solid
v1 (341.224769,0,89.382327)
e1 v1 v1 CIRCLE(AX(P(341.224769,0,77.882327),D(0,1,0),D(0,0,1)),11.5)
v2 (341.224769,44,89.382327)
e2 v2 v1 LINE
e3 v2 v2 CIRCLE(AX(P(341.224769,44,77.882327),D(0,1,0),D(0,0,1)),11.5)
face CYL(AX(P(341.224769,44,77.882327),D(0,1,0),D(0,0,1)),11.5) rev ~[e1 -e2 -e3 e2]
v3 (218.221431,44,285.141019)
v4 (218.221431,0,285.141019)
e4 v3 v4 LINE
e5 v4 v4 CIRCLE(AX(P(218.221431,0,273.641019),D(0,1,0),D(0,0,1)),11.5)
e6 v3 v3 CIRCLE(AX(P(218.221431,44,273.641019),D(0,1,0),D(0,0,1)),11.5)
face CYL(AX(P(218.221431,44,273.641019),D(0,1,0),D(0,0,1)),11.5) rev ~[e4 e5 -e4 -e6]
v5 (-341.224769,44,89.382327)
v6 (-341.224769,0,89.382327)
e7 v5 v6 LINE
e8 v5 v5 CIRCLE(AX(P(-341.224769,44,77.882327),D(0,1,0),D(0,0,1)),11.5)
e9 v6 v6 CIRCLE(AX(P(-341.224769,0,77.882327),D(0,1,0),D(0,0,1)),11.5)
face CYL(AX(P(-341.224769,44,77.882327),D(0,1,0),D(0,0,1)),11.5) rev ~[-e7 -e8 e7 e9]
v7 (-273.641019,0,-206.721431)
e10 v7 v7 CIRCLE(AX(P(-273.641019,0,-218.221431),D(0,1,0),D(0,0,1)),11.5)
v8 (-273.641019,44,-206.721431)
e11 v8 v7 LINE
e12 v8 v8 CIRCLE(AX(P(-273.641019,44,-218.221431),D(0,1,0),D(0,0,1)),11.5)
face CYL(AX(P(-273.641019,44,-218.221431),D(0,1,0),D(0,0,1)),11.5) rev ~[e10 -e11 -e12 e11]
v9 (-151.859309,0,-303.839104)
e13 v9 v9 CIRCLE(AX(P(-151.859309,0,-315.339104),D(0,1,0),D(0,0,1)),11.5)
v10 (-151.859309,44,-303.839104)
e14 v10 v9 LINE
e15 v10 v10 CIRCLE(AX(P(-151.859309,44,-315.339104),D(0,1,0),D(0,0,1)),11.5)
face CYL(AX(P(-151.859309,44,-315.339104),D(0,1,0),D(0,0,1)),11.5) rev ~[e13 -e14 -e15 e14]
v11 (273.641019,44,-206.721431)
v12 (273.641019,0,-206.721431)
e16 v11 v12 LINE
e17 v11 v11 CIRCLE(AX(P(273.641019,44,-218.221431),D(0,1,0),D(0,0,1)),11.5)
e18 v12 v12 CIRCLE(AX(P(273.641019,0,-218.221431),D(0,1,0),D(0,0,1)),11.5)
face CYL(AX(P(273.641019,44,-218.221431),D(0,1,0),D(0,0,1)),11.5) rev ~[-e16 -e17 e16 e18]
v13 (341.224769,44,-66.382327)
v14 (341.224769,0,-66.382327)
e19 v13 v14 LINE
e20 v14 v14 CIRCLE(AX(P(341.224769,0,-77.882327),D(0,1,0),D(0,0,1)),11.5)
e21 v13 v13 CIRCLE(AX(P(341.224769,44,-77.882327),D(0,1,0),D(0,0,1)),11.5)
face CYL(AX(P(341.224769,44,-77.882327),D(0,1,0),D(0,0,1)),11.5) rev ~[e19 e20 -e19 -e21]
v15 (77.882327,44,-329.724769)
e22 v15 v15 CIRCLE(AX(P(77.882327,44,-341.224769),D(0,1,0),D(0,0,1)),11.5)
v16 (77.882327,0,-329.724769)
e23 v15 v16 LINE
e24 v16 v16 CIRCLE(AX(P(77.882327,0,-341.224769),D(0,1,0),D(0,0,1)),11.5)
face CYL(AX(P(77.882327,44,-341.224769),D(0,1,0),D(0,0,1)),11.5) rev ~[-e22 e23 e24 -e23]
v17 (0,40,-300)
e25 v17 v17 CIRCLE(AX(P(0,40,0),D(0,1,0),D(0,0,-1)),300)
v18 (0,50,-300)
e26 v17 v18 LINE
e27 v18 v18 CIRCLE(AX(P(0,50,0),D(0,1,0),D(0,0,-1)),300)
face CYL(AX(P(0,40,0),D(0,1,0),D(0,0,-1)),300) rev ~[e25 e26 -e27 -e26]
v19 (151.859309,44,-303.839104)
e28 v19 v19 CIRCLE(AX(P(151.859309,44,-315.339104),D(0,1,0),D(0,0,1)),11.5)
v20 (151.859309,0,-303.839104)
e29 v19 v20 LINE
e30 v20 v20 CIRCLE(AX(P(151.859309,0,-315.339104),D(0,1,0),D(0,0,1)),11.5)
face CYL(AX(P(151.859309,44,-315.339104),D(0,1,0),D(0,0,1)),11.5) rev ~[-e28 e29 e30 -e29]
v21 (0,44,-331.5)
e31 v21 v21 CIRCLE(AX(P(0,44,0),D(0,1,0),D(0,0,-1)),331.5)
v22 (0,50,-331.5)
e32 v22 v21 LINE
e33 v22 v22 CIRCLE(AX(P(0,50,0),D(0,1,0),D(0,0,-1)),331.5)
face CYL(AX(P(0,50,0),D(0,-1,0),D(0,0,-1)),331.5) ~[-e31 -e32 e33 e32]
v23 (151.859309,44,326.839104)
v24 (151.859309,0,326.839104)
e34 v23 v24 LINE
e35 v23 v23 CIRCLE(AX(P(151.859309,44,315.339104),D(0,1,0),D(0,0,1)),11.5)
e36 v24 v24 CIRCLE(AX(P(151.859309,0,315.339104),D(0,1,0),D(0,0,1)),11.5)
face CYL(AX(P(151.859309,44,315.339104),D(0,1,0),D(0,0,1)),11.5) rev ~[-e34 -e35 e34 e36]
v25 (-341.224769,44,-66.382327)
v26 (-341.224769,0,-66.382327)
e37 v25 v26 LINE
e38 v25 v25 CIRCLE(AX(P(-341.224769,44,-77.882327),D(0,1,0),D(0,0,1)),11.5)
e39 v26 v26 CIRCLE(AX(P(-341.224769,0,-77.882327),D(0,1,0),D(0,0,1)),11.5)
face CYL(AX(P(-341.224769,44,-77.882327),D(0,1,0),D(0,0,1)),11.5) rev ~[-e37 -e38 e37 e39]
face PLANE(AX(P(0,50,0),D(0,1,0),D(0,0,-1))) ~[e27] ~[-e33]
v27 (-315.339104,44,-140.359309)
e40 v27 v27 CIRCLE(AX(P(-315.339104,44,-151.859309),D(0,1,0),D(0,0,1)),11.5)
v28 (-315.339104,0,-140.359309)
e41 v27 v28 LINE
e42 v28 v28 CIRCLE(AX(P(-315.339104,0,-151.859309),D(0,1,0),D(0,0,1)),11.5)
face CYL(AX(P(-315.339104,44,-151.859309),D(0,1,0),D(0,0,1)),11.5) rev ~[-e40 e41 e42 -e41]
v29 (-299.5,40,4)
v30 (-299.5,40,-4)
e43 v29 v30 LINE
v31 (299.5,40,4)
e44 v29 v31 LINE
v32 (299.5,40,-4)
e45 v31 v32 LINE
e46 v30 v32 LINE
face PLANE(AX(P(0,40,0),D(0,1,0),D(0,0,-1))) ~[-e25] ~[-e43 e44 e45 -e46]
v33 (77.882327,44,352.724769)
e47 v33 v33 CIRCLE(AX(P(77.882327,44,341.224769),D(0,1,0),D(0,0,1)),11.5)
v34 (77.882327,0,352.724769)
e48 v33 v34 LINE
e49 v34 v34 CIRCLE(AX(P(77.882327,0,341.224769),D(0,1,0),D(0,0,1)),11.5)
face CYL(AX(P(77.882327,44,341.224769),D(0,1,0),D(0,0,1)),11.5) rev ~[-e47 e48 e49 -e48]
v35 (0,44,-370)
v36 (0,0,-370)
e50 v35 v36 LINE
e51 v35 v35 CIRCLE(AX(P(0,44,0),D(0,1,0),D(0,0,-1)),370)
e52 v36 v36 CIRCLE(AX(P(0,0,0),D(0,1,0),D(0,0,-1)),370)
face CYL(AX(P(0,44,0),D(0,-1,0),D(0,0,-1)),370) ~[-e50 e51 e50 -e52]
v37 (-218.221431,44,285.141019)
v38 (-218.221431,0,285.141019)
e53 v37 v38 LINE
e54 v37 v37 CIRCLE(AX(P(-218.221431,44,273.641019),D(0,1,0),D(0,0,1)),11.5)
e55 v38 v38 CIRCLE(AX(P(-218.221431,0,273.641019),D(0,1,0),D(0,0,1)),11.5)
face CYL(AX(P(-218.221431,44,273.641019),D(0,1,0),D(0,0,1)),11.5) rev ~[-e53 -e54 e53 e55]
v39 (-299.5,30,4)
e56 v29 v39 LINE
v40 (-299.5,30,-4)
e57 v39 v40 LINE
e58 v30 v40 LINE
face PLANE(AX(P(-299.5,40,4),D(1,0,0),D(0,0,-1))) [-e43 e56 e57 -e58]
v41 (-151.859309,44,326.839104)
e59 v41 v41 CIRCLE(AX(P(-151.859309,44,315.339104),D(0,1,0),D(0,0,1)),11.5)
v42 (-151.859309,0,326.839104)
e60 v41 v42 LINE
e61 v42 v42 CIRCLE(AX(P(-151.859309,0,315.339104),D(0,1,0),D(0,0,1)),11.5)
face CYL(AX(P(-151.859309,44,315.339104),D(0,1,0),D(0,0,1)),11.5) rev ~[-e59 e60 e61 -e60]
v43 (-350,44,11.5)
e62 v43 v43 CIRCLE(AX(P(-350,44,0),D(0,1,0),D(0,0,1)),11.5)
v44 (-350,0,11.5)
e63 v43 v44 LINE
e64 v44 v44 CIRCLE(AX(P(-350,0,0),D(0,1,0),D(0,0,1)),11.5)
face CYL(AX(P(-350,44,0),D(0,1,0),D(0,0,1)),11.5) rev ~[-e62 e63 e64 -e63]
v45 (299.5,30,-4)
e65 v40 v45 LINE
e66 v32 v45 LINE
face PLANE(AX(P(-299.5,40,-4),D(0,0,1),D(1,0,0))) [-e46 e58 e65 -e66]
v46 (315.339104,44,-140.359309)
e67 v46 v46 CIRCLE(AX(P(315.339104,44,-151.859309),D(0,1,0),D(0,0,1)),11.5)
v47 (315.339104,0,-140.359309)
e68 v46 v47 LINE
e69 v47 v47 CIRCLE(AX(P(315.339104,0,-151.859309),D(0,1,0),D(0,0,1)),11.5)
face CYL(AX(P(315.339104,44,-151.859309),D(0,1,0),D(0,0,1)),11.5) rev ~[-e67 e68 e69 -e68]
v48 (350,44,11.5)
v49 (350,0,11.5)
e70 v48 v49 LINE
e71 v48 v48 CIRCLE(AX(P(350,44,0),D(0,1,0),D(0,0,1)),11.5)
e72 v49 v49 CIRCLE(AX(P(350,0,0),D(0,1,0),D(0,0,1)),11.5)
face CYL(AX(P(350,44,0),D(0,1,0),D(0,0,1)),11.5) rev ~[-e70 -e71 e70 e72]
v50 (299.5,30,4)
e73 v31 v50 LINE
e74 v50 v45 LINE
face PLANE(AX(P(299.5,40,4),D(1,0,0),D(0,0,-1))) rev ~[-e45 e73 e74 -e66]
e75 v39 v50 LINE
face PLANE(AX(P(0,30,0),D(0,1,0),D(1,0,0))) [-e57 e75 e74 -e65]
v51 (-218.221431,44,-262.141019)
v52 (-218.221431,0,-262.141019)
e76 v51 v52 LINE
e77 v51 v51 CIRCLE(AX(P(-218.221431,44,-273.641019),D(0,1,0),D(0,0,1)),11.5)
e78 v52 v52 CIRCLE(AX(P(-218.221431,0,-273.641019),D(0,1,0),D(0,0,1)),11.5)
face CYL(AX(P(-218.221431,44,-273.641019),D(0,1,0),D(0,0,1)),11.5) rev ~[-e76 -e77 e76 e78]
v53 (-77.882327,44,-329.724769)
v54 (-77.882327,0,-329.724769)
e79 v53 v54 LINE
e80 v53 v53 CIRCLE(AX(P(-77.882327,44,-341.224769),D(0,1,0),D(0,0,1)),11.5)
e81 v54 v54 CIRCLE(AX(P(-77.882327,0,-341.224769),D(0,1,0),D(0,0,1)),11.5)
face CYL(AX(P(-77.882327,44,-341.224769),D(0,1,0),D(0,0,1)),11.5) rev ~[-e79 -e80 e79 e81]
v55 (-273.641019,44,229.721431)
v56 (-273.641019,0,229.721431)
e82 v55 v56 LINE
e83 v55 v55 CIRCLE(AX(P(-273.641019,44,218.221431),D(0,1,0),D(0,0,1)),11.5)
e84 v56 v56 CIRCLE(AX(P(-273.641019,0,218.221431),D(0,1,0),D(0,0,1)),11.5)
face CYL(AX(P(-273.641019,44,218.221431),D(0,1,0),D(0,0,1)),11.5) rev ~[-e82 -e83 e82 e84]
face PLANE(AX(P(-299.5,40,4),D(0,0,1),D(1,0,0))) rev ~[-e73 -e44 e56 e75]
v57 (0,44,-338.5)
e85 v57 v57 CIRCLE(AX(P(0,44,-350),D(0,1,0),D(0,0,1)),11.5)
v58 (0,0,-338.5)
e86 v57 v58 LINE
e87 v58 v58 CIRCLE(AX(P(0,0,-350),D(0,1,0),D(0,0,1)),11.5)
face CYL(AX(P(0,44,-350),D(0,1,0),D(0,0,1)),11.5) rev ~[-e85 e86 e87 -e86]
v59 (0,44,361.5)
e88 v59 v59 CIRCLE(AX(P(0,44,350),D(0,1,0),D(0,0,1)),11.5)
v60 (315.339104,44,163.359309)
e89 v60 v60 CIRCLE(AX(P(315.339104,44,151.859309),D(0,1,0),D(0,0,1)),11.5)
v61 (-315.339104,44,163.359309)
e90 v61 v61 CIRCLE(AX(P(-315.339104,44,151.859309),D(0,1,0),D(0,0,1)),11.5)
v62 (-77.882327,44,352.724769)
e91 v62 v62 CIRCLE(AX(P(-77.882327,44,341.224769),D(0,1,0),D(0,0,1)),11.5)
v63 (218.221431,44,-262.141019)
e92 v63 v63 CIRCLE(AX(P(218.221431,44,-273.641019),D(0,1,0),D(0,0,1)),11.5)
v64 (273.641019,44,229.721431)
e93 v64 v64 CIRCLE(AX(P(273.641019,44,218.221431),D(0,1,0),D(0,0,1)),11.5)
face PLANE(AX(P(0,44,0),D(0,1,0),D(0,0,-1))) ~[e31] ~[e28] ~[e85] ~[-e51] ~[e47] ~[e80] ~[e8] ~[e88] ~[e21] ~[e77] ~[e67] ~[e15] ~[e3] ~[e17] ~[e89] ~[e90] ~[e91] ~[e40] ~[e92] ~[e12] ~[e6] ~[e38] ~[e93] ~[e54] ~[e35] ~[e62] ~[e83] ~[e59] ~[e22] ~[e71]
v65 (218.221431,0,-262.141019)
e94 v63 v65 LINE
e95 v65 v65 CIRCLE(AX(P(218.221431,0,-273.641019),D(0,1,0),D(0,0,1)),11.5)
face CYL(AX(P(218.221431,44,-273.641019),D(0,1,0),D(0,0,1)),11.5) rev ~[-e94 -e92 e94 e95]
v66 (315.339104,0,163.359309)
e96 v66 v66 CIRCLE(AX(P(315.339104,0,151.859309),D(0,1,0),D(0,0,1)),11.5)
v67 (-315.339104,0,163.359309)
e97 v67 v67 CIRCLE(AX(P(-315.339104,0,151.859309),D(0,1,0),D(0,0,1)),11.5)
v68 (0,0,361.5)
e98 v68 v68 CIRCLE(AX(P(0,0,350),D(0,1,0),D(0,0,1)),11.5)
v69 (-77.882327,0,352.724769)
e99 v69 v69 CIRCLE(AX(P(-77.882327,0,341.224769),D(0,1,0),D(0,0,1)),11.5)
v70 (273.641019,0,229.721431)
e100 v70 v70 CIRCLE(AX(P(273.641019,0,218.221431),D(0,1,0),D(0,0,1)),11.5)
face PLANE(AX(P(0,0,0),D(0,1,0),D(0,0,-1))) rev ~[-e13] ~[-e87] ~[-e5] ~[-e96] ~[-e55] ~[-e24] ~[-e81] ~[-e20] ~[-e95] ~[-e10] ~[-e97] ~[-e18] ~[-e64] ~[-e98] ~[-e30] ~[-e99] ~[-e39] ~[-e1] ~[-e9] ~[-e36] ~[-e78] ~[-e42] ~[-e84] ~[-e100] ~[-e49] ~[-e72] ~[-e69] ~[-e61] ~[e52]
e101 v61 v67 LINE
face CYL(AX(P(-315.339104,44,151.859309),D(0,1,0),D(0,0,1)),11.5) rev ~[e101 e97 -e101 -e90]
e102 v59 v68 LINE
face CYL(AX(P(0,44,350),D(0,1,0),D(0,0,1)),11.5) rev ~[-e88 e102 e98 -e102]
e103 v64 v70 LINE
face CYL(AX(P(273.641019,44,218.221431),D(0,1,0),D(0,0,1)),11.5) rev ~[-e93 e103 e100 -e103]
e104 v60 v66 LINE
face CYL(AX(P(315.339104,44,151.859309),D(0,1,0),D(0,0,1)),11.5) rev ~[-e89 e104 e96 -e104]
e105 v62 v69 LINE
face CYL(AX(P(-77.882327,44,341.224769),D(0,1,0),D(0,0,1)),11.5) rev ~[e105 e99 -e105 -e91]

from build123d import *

# Parameters (mm, degrees)
SKETCH_2_R          = 11.5
CUT_EXTRUDE_1_DEPTH = 526.105703645
SKETCH_3_W          = 599
SKETCH_3_H          = 8
CUT_EXTRUDE_2_DEPTH = 10


with BuildPart() as part:
    # Эскиз1 → Повернуть1 (revolve)
    with BuildSketch(Plane.XY, mode=Mode.PRIVATE) as revolve_1_sk:
        Polygon((-300, 50), (-331.5, 50), (-331.5, 44), (-370, 44), (-370, 0), (0, 0), (0, 40), (-300, 40), align=None)
    revolve(revolve_1_sk.sketch.rotate(Axis((0, 0, 0), (0, 1, 0)), 270), axis=Axis((0, 0, 0), (0, 1, 0)))

    # Эскиз2 → Вырез-Вытянуть1 (cut, through all)
    with BuildSketch(Plane(origin=(0, 44, 0), x_dir=(1, 0, 0), z_dir=(0, 1, 0))):
        with Locations(Location((0, 350, 0), (0, 0, 270))):
            Circle(SKETCH_2_R)
        with Locations(Location((77.882326885, 341.224769264, 0), (0, 0, 270))):
            Circle(SKETCH_2_R)
        with Locations(Location((151.859308691, 315.339103766, 0), (0, 0, 270))):
            Circle(SKETCH_2_R)
        with Locations(Location((218.221430651, 273.641018864, 0), (0, 0, 270))):
            Circle(SKETCH_2_R)
        with Locations(Location((273.641018864, 218.221430651, 0), (0, 0, 270))):
            Circle(SKETCH_2_R)
        with Locations(Location((315.339103766, 151.859308691, 0), (0, 0, 270))):
            Circle(SKETCH_2_R)
        with Locations(Location((341.224769264, 77.882326885, 0), (0, 0, 270))):
            Circle(SKETCH_2_R)
        with Locations(Location((350, 0, 0), (0, 0, 270))):
            Circle(SKETCH_2_R)
        with Locations(Location((341.224769264, -77.882326885, 0), (0, 0, 270))):
            Circle(SKETCH_2_R)
        with Locations(Location((315.339103766, -151.859308691, 0), (0, 0, 270))):
            Circle(SKETCH_2_R)
        with Locations(Location((273.641018864, -218.221430651, 0), (0, 0, 270))):
            Circle(SKETCH_2_R)
        with Locations(Location((218.221430651, -273.641018864, 0), (0, 0, 270))):
            Circle(SKETCH_2_R)
        with Locations(Location((151.859308691, -315.339103766, 0), (0, 0, 270))):
            Circle(SKETCH_2_R)
        with Locations(Location((77.882326885, -341.224769264, 0), (0, 0, 270))):
            Circle(SKETCH_2_R)
        with Locations(Location((0, -350, 0), (0, 0, 270))):
            Circle(SKETCH_2_R)
        with Locations(Location((-77.882326885, -341.224769264, 0), (0, 0, 270))):
            Circle(SKETCH_2_R)
        with Locations(Location((-151.859308691, -315.339103766, 0), (0, 0, 270))):
            Circle(SKETCH_2_R)
        with Locations(Location((-218.221430651, -273.641018864, 0), (0, 0, 270))):
            Circle(SKETCH_2_R)
        with Locations(Location((-273.641018864, -218.221430651, 0), (0, 0, 270))):
            Circle(SKETCH_2_R)
        with Locations(Location((-315.339103766, -151.859308691, 0), (0, 0, 270))):
            Circle(SKETCH_2_R)
        with Locations(Location((-341.224769264, -77.882326885, 0), (0, 0, 270))):
            Circle(SKETCH_2_R)
        with Locations(Location((-350, 0, 0), (0, 0, 270))):
            Circle(SKETCH_2_R)
        with Locations(Location((-341.224769264, 77.882326885, 0), (0, 0, 270))):
            Circle(SKETCH_2_R)
        with Locations(Location((-315.339103766, 151.859308691, 0), (0, 0, 270))):
            Circle(SKETCH_2_R)
        with Locations(Location((-273.641018864, 218.221430651, 0), (0, 0, 270))):
            Circle(SKETCH_2_R)
        with Locations(Location((-218.221430651, 273.641018864, 0), (0, 0, 270))):
            Circle(SKETCH_2_R)
        with Locations(Location((-151.859308691, 315.339103766, 0), (0, 0, 270))):
            Circle(SKETCH_2_R)
        with Locations(Location((-77.882326885, 341.224769264, 0), (0, 0, 270))):
            Circle(SKETCH_2_R)
    extrude(amount=-CUT_EXTRUDE_1_DEPTH, mode=Mode.SUBTRACT)

    # Эскиз3 → Вырез-Вытянуть2 (cut)
    with BuildSketch(Plane(origin=(0, 40, 0), x_dir=(1, 0, 0), z_dir=(0, 1, 0))):
        Rectangle(SKETCH_3_W, SKETCH_3_H)
    extrude(amount=-CUT_EXTRUDE_2_DEPTH, mode=Mode.SUBTRACT)


solid = part.part
